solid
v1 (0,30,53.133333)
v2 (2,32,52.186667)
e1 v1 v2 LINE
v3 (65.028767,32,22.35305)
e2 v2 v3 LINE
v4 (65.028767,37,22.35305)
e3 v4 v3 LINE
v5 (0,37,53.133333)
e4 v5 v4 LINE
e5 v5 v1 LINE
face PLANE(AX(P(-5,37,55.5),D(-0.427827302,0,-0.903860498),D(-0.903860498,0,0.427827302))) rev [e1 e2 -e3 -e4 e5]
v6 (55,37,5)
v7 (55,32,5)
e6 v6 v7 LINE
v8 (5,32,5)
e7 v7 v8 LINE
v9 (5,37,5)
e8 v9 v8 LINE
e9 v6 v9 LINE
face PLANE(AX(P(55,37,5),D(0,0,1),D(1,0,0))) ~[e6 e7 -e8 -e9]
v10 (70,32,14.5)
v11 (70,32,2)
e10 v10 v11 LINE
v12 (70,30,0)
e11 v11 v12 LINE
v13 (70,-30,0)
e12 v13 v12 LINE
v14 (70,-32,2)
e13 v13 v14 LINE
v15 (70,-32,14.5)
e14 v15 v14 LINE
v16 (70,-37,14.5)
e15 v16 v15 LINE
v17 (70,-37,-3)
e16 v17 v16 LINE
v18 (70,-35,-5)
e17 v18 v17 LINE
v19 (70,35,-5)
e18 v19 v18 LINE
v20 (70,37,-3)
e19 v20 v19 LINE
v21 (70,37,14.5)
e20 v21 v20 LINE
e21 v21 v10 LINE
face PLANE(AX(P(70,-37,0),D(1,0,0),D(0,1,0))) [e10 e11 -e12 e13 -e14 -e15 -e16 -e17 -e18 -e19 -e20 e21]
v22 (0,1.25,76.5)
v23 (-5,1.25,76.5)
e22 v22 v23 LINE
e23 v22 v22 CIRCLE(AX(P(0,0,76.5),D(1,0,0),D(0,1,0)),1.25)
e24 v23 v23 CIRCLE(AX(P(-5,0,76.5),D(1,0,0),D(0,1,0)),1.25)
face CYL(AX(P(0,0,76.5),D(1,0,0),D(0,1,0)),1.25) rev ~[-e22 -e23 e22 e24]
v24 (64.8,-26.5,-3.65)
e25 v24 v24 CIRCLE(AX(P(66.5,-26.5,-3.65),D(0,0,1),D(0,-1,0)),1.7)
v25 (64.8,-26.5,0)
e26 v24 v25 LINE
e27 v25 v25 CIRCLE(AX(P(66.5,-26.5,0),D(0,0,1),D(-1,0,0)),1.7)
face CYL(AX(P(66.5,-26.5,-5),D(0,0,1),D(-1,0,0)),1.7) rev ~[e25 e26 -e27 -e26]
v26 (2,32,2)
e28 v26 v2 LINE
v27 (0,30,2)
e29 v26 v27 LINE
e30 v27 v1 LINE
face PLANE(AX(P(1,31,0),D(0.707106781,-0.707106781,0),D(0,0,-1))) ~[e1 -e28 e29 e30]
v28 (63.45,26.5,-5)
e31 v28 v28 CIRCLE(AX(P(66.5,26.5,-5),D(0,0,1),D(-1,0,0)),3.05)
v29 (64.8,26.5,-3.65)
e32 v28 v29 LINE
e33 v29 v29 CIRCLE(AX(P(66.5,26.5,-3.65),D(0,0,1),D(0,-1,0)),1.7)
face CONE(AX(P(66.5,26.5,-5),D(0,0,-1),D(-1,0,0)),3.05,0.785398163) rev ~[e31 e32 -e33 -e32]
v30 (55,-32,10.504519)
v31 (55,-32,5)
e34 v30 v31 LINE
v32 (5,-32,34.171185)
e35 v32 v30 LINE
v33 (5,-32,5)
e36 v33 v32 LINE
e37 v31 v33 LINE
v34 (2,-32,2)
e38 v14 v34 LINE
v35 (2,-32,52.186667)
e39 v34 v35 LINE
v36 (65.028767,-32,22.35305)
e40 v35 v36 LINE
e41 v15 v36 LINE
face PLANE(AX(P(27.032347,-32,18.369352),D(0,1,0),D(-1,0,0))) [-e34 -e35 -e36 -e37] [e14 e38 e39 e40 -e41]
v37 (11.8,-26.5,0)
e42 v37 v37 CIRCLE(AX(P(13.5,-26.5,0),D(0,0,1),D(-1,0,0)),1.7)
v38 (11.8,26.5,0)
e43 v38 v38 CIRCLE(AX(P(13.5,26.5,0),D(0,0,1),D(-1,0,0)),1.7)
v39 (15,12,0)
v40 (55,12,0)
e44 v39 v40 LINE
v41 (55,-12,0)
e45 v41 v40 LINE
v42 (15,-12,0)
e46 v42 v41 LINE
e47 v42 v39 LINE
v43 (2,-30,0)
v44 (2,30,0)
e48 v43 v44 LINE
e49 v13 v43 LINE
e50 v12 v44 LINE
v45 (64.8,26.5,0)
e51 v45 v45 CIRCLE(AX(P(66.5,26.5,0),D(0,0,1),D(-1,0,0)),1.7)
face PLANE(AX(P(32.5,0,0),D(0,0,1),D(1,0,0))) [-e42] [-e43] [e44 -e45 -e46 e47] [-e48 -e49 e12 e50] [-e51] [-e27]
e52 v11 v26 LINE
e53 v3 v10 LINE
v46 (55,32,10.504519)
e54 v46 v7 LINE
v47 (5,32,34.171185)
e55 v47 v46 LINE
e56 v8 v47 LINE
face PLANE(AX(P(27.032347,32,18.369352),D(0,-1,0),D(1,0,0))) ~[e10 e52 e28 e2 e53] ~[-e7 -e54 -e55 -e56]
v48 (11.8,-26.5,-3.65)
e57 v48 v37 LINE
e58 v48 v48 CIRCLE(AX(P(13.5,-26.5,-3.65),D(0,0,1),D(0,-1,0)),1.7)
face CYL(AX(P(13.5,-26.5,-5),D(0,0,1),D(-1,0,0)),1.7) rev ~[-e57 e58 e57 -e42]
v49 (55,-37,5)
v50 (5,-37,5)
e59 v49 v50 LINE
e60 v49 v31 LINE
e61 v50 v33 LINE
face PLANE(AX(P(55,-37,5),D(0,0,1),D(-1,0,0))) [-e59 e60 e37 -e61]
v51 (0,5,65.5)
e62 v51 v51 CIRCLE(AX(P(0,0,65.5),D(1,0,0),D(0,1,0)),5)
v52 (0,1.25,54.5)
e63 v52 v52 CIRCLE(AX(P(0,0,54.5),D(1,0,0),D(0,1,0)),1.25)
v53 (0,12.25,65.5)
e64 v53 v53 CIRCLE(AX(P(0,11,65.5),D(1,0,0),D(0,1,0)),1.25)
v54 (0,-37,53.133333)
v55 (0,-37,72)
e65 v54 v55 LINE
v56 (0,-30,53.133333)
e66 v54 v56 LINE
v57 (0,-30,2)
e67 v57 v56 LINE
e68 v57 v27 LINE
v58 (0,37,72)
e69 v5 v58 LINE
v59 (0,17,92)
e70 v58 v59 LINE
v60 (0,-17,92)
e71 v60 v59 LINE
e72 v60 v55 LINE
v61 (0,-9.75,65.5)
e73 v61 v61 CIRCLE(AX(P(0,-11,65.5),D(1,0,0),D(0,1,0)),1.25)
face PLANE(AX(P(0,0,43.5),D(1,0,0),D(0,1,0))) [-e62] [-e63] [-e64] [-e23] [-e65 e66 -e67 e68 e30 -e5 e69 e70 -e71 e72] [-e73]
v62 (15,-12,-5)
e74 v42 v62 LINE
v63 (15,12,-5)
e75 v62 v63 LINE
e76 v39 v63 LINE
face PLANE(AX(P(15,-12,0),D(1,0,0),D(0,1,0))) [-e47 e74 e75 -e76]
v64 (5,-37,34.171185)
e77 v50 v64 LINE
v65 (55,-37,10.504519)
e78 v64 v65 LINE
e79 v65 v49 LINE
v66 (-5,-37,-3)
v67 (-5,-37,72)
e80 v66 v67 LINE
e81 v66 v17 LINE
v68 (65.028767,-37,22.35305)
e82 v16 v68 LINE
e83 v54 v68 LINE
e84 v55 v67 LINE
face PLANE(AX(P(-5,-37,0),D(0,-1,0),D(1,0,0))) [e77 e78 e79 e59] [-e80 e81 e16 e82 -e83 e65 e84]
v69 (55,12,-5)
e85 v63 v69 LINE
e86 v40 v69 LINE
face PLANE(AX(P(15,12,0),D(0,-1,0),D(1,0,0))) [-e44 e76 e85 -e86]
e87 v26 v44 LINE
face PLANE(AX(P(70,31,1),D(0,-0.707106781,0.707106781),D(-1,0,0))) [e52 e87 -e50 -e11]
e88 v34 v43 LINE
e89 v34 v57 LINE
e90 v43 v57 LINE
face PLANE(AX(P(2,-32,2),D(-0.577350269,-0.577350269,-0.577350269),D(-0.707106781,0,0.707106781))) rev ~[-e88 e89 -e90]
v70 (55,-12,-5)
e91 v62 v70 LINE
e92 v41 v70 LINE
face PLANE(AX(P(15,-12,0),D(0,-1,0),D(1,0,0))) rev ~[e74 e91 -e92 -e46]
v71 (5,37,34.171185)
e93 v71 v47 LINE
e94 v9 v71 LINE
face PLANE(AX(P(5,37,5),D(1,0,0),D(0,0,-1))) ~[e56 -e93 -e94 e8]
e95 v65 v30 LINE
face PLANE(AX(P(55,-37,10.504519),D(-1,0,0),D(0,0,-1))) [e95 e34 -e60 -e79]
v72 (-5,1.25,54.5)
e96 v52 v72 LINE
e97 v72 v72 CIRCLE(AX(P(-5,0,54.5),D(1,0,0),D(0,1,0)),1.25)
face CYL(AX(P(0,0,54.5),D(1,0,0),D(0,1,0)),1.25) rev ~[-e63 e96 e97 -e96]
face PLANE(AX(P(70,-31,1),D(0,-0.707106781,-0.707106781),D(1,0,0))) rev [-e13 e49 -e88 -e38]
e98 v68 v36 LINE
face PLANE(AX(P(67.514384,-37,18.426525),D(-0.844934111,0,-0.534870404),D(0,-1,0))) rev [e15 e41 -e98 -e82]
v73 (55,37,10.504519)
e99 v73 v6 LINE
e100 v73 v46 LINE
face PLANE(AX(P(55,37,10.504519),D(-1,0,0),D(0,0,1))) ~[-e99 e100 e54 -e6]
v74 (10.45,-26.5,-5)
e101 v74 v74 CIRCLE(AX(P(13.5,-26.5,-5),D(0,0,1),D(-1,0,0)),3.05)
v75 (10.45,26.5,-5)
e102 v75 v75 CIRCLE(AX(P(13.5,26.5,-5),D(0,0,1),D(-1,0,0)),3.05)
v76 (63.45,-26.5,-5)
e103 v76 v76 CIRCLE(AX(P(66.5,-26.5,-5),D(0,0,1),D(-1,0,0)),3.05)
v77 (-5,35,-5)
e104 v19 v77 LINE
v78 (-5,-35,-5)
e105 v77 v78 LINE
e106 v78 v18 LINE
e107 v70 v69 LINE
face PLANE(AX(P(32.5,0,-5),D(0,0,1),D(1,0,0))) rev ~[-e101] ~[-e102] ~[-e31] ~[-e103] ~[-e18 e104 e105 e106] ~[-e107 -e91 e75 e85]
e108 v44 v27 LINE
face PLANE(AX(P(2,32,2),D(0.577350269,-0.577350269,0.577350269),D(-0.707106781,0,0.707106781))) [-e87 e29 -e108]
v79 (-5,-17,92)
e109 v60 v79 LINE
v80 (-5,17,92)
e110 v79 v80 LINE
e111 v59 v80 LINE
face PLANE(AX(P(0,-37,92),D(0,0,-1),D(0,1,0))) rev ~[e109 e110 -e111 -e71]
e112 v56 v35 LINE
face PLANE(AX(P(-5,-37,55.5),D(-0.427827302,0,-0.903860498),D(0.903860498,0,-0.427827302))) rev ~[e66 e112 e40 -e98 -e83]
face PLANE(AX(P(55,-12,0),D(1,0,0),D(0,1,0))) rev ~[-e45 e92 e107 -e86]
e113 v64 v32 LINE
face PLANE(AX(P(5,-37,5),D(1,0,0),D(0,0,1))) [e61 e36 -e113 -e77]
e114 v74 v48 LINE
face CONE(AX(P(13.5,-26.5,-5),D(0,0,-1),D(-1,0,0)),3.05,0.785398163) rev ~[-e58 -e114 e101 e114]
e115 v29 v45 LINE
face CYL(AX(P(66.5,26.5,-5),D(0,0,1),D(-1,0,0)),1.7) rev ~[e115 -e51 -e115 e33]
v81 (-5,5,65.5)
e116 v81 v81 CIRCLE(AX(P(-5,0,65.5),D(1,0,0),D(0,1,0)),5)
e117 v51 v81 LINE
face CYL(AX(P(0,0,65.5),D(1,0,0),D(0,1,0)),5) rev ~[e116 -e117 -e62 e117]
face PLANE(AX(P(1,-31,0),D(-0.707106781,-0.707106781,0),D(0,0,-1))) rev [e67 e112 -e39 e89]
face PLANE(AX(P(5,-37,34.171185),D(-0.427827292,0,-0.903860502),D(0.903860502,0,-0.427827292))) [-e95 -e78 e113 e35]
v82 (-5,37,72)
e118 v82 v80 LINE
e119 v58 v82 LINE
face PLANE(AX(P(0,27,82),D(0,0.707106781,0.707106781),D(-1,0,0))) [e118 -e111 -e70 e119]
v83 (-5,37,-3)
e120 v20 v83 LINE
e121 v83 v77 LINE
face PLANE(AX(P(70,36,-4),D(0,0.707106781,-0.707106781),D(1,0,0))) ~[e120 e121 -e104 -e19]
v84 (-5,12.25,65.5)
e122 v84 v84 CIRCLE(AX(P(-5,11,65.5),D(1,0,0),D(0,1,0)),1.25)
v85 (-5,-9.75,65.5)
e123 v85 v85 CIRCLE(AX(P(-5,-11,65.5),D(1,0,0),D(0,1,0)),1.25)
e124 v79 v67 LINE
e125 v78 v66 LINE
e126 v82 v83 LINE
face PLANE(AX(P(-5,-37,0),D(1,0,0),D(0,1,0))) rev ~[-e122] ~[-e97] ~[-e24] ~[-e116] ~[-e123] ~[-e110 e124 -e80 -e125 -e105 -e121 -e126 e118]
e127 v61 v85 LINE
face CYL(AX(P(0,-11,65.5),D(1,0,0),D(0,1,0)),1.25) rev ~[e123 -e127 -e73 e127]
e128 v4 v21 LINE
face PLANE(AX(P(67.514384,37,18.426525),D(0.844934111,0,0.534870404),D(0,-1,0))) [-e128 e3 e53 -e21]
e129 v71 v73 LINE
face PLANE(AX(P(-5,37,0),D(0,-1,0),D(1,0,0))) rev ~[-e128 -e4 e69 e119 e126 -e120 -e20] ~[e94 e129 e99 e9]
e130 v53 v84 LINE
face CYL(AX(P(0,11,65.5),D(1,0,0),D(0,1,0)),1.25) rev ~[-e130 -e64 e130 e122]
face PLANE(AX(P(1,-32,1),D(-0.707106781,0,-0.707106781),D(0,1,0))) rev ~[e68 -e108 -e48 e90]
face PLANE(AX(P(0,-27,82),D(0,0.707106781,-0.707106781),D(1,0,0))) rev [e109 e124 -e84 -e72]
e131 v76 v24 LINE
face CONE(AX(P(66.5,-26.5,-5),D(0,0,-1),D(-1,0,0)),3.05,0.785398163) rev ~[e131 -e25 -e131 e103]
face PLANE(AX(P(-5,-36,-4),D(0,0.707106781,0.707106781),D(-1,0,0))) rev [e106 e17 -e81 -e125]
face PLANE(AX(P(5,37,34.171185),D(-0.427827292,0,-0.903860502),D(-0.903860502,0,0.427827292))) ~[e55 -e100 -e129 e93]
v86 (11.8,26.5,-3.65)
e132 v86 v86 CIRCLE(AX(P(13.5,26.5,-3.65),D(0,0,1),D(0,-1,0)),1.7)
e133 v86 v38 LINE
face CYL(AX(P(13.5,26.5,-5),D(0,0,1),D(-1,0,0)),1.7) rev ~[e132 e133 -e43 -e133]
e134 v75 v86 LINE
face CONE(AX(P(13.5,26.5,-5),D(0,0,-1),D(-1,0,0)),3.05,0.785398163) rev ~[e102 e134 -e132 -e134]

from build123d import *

# Parameters (mm, degrees)
SKETCH004_W      = 75
SKETCH004_H      = 74
SKETCH004_W_2    = 40
SKETCH004_H_2    = 24
PAD_DEPTH        = 5
SKETCH006_W      = 74
SKETCH006_H      = 97
PAD003_DEPTH     = 5
PAD004_DEPTH     = 5
HOLE_D           = 3.4
HOLE_CSINK_D     = 6.1
HOLE_CSINK_ANGLE = 90
SKETCH002_R      = 5
SKETCH002_R_2    = 1.25
POCKET_DEPTH     = 5.001
CHAMFER_SIZE     = 2
CHAMFER001_SIZE  = 5.5
CHAMFER002_SIZE  = 20


with BuildPart() as part:
    # Sketch004 → Pad (new body)
    with BuildSketch(Plane.XY):
        with Locations((32.5, 0)):
            Rectangle(SKETCH004_W, SKETCH004_H)
        with Locations((35, 0)):
            Rectangle(SKETCH004_W_2, SKETCH004_H_2, mode=Mode.SUBTRACT)
    extrude(amount=-PAD_DEPTH)

    # Sketch006 → Pad003 (join)
    with BuildSketch(Plane.YZ):
        with Locations((0, 43.5)):
            Rectangle(SKETCH006_W, SKETCH006_H)
    extrude(amount=-PAD003_DEPTH)

    # Sketch001 → Pad004 (join)
    with BuildSketch(Plane.XZ.offset(37)):
        Polygon((-5, 55.5), (70, 20), (70, -5), (-5, -5), align=None)
        Polygon((5, 34.171185), (55, 10.504519), (55, 5), (5, 5), align=None, mode=Mode.SUBTRACT)
    pad004 = extrude(amount=-PAD004_DEPTH)

    # Mirrored: Pad004 across XZ
    add(pad004.mirror(Plane.XZ))

    # Hole (through all)
    with Locations(Plane(origin=(0, 0, -5), x_dir=(1, 0, 0), z_dir=(0, 0, -1))):
        with Locations((66.5, -26.5), (13.5, -26.5), (13.5, 26.5), (66.5, 26.5)):
            CounterSinkHole(HOLE_D / 2, HOLE_CSINK_D / 2, counter_sink_angle=HOLE_CSINK_ANGLE)

    # Sketch002 → Pocket (cut, through all)
    with BuildSketch(Plane.YZ):
        with Locations((0, 65.5)):
            Circle(SKETCH002_R)
        with Locations((0, 76.5)):
            Circle(SKETCH002_R_2)
        with Locations((11, 65.5)):
            Circle(SKETCH002_R_2)
        with Locations((0, 54.5)):
            Circle(SKETCH002_R_2)
        with Locations((-11, 65.5)):
            Circle(SKETCH002_R_2)
    extrude(amount=-POCKET_DEPTH, mode=Mode.SUBTRACT)

    # Chamfer
    chamfer_edges = [part.edges().sort_by_distance(p)[0] for p in [
        (0, 0, 0),
        (35, 32, 0),
        (35, -32, 0),
        (0, -32, 26.566667),
        (0, 32, 26.566667),
        (32.5, -37, -5),
        (32.5, 37, -5),
    ]]
    chamfer(chamfer_edges, length=CHAMFER_SIZE)

    # Chamfer001
    chamfer001_edges = [part.edges().sort_by_distance(p)[0] for p in [
        (70, -34.5, 20),
        (70, 34.5, 20),
    ]]
    chamfer(chamfer001_edges, length=CHAMFER001_SIZE)

    # Chamfer002
    chamfer002_edges = [part.edges().sort_by_distance(p)[0] for p in [
        (-2.5, -37, 92),
        (-2.5, 37, 92),
    ]]
    chamfer(chamfer002_edges, length=CHAMFER002_SIZE)


solid = part.part
